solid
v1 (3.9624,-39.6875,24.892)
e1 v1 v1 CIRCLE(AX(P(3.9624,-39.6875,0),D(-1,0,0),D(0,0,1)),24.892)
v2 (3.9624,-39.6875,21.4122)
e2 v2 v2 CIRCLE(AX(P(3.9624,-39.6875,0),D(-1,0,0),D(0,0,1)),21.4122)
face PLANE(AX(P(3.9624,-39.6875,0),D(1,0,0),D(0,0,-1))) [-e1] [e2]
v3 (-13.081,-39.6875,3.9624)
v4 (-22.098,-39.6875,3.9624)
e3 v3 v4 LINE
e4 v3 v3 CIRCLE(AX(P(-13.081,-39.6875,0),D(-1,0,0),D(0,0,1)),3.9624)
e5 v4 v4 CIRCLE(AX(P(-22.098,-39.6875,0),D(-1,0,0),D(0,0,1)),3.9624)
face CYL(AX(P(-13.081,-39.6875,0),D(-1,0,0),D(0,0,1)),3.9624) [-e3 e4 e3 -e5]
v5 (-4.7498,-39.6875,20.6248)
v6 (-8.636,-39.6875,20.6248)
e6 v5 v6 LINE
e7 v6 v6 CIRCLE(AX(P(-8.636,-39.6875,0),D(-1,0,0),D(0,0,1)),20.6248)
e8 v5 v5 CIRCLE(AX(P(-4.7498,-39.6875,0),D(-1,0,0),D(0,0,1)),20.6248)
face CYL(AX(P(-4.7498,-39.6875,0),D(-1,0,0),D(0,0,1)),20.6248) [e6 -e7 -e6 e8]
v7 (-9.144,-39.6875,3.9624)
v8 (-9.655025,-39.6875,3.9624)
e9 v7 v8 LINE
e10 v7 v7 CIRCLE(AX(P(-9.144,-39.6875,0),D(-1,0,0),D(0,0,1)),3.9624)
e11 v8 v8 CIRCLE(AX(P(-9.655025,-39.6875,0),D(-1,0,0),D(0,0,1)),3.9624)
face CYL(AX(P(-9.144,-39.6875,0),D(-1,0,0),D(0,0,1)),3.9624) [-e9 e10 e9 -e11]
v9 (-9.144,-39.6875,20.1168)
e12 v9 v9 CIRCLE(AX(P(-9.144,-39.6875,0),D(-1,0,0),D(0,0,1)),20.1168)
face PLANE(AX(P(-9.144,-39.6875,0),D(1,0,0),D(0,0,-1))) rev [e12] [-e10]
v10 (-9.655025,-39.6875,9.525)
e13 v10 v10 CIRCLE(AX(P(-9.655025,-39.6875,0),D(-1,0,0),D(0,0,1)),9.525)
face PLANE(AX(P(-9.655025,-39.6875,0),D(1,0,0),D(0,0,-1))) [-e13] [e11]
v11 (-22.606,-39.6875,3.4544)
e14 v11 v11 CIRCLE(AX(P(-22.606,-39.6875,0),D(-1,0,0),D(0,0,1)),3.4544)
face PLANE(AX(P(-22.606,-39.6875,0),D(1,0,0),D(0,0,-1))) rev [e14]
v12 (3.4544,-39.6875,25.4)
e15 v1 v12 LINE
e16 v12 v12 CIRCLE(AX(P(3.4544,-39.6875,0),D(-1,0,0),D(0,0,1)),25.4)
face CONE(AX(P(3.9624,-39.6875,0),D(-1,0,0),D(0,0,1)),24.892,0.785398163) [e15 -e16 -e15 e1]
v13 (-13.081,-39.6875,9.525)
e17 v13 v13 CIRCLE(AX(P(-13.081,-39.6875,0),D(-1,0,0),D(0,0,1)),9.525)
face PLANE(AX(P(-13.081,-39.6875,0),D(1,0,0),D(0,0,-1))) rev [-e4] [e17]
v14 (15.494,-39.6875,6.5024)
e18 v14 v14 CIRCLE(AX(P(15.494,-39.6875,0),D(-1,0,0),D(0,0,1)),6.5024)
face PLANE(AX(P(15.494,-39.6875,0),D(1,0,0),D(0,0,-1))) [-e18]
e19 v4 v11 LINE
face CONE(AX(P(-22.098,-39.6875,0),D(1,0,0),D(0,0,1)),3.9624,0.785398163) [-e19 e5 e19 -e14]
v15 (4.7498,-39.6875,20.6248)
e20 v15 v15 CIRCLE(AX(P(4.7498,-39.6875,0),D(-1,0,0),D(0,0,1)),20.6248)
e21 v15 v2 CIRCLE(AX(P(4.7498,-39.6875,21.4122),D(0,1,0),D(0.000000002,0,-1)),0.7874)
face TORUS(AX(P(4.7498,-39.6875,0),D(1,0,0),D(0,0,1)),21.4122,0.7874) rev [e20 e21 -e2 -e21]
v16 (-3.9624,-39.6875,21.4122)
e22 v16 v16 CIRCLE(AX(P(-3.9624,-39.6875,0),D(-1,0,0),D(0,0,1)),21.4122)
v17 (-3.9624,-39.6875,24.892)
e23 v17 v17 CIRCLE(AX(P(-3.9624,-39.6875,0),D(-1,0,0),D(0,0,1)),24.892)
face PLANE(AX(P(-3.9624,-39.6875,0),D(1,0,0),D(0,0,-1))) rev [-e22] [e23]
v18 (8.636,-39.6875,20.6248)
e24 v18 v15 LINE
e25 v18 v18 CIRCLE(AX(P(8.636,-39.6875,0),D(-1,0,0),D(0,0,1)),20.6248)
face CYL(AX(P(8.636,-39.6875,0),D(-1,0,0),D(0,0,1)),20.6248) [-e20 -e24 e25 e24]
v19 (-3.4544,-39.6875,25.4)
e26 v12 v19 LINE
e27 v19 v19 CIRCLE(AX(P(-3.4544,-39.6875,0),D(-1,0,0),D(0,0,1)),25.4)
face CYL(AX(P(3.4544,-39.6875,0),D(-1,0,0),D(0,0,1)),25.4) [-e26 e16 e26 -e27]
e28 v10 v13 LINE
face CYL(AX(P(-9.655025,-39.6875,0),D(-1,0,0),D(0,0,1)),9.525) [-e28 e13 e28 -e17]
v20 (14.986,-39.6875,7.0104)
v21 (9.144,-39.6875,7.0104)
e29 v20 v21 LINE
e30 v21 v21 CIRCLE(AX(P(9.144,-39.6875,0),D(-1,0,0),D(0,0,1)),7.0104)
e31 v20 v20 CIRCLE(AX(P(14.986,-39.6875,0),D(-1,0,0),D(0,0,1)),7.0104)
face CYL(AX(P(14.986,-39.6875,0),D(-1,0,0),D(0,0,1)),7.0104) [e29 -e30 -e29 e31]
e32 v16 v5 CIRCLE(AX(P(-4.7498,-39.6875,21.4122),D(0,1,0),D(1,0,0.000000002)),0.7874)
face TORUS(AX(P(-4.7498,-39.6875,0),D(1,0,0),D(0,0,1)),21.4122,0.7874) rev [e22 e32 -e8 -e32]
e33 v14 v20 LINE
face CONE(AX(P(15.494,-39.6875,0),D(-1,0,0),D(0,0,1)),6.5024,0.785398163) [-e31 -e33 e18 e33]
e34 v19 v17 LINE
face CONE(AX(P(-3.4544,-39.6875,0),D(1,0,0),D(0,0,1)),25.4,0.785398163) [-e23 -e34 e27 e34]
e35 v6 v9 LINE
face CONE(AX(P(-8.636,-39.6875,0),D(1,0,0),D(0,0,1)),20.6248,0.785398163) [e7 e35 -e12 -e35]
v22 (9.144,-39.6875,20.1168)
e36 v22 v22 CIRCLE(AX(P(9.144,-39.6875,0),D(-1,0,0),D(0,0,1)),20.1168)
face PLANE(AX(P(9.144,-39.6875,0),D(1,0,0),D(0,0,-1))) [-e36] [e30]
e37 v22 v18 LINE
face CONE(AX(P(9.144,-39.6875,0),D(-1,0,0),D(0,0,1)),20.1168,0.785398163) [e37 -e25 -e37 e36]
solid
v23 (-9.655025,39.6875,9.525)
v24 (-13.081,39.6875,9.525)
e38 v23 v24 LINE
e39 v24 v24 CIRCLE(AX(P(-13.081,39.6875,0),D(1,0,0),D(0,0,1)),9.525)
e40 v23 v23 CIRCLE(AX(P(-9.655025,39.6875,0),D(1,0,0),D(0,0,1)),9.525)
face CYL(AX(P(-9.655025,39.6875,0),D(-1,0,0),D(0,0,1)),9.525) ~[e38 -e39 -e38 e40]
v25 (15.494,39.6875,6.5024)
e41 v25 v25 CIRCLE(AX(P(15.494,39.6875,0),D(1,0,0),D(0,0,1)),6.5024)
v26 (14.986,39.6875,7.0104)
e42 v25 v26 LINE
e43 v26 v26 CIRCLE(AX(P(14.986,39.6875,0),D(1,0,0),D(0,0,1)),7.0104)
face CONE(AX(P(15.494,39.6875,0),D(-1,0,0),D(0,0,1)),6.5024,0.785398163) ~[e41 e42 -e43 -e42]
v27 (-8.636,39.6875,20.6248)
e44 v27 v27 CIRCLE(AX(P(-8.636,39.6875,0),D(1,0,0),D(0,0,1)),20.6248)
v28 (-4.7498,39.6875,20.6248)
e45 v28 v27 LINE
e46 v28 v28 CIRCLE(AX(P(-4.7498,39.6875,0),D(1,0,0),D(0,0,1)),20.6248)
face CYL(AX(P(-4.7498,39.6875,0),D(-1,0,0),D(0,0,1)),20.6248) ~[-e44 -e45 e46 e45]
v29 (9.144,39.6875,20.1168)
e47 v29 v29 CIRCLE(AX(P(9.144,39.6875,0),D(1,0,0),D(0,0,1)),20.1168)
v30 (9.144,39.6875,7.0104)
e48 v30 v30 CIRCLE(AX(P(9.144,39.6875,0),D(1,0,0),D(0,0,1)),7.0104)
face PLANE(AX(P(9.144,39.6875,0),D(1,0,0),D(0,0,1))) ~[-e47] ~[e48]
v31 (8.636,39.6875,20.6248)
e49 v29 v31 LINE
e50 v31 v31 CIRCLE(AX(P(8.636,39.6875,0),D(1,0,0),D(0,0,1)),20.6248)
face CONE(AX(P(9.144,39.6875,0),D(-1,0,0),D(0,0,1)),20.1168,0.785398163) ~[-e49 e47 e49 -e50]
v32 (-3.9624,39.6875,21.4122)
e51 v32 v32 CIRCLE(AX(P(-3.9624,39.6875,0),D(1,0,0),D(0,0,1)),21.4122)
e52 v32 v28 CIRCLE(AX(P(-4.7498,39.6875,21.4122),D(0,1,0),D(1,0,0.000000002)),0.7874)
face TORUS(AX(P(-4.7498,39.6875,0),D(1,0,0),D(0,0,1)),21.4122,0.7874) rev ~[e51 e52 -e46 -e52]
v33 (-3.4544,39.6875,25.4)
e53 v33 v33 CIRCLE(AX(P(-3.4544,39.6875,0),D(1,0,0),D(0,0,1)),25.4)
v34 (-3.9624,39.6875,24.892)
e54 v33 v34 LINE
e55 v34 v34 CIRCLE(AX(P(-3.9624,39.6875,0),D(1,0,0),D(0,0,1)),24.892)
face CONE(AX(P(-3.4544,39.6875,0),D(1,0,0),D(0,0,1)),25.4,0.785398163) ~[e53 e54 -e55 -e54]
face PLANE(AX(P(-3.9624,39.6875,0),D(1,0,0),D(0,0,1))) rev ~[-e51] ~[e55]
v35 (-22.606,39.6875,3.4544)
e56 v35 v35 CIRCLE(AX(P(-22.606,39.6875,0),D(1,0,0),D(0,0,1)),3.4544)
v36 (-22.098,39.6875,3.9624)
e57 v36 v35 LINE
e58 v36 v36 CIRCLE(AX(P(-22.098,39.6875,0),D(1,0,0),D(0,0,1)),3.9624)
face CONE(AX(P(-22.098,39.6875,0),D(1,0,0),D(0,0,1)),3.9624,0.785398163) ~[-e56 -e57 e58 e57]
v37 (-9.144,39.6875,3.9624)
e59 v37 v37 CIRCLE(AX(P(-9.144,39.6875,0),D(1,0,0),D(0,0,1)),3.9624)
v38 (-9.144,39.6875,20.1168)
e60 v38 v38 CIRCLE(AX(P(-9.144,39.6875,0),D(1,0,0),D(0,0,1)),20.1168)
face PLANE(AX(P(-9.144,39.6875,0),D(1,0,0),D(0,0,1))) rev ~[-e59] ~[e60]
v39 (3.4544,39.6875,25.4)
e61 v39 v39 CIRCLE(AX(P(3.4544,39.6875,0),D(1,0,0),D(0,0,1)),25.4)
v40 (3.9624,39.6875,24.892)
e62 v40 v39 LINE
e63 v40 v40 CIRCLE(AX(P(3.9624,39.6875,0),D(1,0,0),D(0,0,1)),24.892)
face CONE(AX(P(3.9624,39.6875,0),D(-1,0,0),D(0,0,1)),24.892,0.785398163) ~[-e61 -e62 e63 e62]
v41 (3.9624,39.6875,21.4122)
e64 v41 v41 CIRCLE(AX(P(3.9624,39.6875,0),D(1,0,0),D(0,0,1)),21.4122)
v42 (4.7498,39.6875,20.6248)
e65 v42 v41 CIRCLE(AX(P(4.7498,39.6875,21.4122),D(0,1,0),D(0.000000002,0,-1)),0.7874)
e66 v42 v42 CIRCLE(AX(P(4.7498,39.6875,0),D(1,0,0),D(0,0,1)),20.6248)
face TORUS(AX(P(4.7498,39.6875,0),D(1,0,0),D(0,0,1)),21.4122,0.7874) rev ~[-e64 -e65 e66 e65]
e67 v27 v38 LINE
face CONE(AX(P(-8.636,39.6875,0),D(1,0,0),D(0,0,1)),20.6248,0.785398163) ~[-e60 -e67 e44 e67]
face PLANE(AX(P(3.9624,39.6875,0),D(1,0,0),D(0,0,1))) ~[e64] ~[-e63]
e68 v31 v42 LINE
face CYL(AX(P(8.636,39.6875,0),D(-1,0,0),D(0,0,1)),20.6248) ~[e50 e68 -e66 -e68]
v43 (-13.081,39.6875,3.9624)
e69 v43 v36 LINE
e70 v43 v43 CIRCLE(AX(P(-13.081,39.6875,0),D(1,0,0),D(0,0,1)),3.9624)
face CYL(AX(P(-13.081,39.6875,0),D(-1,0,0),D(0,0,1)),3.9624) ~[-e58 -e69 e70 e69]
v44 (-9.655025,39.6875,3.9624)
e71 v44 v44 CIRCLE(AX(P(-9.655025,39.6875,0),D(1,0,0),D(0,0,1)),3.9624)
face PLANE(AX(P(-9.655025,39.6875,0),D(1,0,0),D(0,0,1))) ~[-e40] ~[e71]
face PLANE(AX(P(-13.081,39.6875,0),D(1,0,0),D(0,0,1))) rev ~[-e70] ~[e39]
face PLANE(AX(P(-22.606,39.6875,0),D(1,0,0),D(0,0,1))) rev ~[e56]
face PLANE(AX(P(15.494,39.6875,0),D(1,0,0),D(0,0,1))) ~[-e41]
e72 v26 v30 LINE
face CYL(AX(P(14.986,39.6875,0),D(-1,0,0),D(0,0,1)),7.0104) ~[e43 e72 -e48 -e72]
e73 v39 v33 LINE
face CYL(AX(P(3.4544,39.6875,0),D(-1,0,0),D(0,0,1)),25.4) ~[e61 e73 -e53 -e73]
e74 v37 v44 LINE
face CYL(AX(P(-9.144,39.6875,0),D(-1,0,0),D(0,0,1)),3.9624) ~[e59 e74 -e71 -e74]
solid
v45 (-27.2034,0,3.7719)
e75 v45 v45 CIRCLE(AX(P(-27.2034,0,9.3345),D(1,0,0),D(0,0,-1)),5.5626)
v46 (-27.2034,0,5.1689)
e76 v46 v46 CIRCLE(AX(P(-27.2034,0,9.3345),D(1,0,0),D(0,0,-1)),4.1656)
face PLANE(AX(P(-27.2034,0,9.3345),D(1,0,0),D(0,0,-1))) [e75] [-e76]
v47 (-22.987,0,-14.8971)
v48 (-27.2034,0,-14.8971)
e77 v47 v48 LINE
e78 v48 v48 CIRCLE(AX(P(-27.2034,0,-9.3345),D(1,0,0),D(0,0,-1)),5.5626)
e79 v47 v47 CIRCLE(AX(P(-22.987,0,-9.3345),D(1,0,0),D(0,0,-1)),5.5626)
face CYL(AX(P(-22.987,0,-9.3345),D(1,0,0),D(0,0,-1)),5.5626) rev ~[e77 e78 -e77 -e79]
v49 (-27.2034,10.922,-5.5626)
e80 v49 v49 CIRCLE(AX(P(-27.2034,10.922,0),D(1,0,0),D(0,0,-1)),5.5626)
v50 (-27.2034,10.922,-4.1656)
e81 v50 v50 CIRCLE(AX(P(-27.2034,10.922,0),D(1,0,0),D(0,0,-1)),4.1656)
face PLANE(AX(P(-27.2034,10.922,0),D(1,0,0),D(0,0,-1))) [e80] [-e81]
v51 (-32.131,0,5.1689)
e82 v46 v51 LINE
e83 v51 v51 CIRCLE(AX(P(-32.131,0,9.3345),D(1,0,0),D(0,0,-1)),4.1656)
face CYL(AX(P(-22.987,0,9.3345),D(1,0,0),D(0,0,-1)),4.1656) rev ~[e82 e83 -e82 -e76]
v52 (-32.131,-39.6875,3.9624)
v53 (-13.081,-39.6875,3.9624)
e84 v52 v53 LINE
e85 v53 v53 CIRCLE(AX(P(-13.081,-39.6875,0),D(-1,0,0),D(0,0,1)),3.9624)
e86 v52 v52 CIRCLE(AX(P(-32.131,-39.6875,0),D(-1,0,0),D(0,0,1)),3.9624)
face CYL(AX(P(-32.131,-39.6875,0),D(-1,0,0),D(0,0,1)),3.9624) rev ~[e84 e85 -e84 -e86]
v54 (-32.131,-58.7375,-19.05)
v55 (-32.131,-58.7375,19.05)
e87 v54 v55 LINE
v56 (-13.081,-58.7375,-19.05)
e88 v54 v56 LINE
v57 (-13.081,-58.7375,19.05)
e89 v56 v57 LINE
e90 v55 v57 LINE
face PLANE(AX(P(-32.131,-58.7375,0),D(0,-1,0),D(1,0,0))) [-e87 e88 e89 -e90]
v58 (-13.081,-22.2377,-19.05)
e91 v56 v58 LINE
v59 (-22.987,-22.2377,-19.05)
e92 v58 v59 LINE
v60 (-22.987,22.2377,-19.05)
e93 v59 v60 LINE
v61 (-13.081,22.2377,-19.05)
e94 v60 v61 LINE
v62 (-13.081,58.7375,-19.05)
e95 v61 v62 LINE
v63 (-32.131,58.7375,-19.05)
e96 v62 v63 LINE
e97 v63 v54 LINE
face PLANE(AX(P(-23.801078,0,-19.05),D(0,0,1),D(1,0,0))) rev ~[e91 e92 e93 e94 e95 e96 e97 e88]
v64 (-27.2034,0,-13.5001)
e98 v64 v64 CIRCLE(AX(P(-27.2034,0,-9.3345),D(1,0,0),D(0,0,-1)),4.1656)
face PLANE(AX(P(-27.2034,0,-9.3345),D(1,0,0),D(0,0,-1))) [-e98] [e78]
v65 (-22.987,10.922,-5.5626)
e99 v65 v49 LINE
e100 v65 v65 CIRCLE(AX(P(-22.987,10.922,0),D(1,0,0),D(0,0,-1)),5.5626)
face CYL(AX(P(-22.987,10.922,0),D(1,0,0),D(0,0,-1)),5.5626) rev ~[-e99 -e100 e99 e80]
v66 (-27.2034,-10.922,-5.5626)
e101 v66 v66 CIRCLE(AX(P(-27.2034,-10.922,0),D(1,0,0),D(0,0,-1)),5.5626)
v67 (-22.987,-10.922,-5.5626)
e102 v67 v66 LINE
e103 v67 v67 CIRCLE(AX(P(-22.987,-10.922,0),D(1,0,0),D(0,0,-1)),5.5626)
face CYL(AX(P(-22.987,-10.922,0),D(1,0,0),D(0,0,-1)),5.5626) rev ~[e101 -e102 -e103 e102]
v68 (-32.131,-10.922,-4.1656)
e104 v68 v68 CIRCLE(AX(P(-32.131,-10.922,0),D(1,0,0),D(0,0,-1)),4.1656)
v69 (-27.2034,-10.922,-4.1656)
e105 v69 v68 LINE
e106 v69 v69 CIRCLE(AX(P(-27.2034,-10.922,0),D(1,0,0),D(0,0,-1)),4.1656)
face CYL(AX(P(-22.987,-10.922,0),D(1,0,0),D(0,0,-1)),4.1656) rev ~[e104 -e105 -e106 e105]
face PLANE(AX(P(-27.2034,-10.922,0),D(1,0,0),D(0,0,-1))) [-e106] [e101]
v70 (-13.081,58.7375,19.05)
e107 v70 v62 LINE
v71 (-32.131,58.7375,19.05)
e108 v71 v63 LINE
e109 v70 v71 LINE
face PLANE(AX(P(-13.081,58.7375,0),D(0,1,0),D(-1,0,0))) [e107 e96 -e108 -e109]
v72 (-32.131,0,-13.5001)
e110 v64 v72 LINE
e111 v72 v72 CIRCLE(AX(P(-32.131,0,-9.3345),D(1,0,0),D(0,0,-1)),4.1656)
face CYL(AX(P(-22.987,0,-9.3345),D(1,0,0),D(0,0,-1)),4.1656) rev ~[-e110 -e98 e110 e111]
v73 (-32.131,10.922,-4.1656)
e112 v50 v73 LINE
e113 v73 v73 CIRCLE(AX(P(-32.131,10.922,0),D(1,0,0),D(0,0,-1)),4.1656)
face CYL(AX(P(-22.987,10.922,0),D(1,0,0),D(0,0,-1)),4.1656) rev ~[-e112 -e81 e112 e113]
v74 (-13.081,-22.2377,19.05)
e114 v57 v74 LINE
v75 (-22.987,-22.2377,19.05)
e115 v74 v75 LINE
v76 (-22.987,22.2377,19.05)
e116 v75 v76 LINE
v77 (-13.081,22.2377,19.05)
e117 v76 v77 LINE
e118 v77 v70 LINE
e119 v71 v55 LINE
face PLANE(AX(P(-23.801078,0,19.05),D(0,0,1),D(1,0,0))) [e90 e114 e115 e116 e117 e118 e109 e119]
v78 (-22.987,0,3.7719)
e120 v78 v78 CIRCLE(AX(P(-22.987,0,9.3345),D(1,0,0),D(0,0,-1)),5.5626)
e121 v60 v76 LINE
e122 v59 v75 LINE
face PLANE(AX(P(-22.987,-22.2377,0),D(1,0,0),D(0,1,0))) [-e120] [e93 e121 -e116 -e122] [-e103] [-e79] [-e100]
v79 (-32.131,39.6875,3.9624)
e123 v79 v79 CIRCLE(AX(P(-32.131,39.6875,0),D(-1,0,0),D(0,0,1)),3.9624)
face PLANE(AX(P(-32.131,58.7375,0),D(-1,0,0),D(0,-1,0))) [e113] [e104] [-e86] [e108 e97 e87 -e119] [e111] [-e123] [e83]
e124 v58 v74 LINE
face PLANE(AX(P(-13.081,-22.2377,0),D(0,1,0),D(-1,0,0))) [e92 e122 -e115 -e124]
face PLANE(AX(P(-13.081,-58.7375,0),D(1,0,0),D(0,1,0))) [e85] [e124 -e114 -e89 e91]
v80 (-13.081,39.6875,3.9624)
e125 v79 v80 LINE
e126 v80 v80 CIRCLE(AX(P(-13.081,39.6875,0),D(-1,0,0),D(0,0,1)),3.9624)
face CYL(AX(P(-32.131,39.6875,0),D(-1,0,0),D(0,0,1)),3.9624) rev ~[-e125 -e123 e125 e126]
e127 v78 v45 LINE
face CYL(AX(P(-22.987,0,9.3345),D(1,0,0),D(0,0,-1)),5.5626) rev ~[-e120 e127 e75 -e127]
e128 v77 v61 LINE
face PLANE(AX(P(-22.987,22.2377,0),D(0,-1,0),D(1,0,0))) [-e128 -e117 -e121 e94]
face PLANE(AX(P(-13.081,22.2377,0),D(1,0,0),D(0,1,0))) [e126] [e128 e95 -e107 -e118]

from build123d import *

# Parameters (mm, degrees)
BOSS_EXTRUDE1_DEPTH = 19.05
SKETCH3_R           = 3.9624
CUT_EXTRUDE1_DEPTH  = 85.555799808
SKETCH4_R           = 4.1656
CUT_EXTRUDE2_DEPTH  = 80.764215142
SKETCH5_R           = 5.5626
CUT_EXTRUDE3_DEPTH  = 4.2164


with BuildPart() as part:
    # Sketch2 → Revolve1 (revolve)
    with BuildSketch(Plane.XY, mode=Mode.PRIVATE) as revolve1_sk:
        with BuildLine():
            Line((3.9624, 61.0997), (3.9624, 64.5795))
            Line((3.9624, 64.5795), (3.4544, 65.0875))
            Line((3.4544, 65.0875), (-3.4544, 65.0875))
            Line((-3.4544, 65.0875), (-3.9624, 64.5795))
            Line((-3.9624, 64.5795), (-3.9624, 61.0997))
            ThreePointArc((-3.9624, 61.0997), (-4.19302412, 60.54292412), (-4.7498, 60.3123))
            Line((-4.7498, 60.3123), (-8.636, 60.3123))
            Line((-8.636, 60.3123), (-9.144, 59.8043))
            Line((-9.144, 59.8043), (-9.144, 43.6499))
            Line((-9.144, 43.6499), (-9.655025306, 43.6499))
            Line((-9.655025306, 43.6499), (-9.655025306, 49.2125))
            Line((-9.655025306, 49.2125), (-13.081, 49.2125))
            Line((-13.081, 49.2125), (-13.081, 43.6499))
            Line((-13.081, 43.6499), (-22.098, 43.6499))
            Line((-22.098, 43.6499), (-22.606, 43.1419))
            Line((-22.606, 43.1419), (-22.606, 39.6875))
            Line((-22.606, 39.6875), (15.494, 39.6875))
            Line((15.494, 39.6875), (15.494, 46.1899))
            Line((15.494, 46.1899), (14.986, 46.6979))
            Line((14.986, 46.6979), (9.144, 46.6979))
            Line((9.144, 46.6979), (9.144, 59.8043))
            Line((9.144, 59.8043), (8.636, 60.3123))
            Line((8.636, 60.3123), (4.7498, 60.3123))
            ThreePointArc((4.7498, 60.3123), (4.19302412, 60.54292412), (3.9624, 61.0997))
        make_face()
    revolve(revolve1_sk.sketch.rotate(Axis((-22.606, 39.6875, 0), (1, 0, 0)), 90), axis=Axis((-22.606, 39.6875, 0), (1, 0, 0)))


with BuildPart() as body_2:
    # Sketch1 → Boss-Extrude1 (new, symmetric)
    with BuildSketch(Plane.XY):
        Polygon((-32.131, 58.7375), (-32.131, -58.7375), (-13.081, -58.7375), (-13.081, -22.2377), (-22.987, -22.2377), (-22.987, 22.2377), (-13.081, 22.2377), (-13.081, 58.7375), align=None)
    extrude(amount=BOSS_EXTRUDE1_DEPTH, both=True)

    # Sketch3 → Cut-Extrude1 (cut, through all)
    with BuildSketch(Plane.ZY.offset(32.131)):
        with Locations((0, 39.6875)):
            Circle(SKETCH3_R)
        with Locations((0, -39.6875)):
            Circle(SKETCH3_R)
    extrude(amount=-CUT_EXTRUDE1_DEPTH, mode=Mode.SUBTRACT)

    # Sketch4 → Cut-Extrude2 (cut, through all)
    with BuildSketch(Plane(origin=(-22.987, 0, 0), x_dir=(0, 0, -1), z_dir=(1, 0, 0))):
        with Locations((0, 10.922)):
            Circle(SKETCH4_R)
        with Locations((0, -10.922)):
            Circle(SKETCH4_R)
        with Locations((-9.3345, 0)):
            Circle(SKETCH4_R)
        with Locations((9.3345, 0)):
            Circle(SKETCH4_R)
    extrude(amount=-CUT_EXTRUDE2_DEPTH, mode=Mode.SUBTRACT)

    # Sketch5 → Cut-Extrude3 (cut)
    with BuildSketch(Plane(origin=(-22.987, 0, 0), x_dir=(0, 0, -1), z_dir=(1, 0, 0))):
        with Locations((0, 10.922)):
            Circle(SKETCH5_R)
        with Locations((9.3345, 0)):
            Circle(SKETCH5_R)
        with Locations((-9.3345, 0)):
            Circle(SKETCH5_R)
        with Locations((0, -10.922)):
            Circle(SKETCH5_R)
    extrude(amount=-CUT_EXTRUDE3_DEPTH, mode=Mode.SUBTRACT)


with BuildPart() as body_3:
    # Mirror1: mirrored copy
    add(part.part.mirror(Plane.ZX))


solid = Compound([part.part, body_2.part, body_3.part])
